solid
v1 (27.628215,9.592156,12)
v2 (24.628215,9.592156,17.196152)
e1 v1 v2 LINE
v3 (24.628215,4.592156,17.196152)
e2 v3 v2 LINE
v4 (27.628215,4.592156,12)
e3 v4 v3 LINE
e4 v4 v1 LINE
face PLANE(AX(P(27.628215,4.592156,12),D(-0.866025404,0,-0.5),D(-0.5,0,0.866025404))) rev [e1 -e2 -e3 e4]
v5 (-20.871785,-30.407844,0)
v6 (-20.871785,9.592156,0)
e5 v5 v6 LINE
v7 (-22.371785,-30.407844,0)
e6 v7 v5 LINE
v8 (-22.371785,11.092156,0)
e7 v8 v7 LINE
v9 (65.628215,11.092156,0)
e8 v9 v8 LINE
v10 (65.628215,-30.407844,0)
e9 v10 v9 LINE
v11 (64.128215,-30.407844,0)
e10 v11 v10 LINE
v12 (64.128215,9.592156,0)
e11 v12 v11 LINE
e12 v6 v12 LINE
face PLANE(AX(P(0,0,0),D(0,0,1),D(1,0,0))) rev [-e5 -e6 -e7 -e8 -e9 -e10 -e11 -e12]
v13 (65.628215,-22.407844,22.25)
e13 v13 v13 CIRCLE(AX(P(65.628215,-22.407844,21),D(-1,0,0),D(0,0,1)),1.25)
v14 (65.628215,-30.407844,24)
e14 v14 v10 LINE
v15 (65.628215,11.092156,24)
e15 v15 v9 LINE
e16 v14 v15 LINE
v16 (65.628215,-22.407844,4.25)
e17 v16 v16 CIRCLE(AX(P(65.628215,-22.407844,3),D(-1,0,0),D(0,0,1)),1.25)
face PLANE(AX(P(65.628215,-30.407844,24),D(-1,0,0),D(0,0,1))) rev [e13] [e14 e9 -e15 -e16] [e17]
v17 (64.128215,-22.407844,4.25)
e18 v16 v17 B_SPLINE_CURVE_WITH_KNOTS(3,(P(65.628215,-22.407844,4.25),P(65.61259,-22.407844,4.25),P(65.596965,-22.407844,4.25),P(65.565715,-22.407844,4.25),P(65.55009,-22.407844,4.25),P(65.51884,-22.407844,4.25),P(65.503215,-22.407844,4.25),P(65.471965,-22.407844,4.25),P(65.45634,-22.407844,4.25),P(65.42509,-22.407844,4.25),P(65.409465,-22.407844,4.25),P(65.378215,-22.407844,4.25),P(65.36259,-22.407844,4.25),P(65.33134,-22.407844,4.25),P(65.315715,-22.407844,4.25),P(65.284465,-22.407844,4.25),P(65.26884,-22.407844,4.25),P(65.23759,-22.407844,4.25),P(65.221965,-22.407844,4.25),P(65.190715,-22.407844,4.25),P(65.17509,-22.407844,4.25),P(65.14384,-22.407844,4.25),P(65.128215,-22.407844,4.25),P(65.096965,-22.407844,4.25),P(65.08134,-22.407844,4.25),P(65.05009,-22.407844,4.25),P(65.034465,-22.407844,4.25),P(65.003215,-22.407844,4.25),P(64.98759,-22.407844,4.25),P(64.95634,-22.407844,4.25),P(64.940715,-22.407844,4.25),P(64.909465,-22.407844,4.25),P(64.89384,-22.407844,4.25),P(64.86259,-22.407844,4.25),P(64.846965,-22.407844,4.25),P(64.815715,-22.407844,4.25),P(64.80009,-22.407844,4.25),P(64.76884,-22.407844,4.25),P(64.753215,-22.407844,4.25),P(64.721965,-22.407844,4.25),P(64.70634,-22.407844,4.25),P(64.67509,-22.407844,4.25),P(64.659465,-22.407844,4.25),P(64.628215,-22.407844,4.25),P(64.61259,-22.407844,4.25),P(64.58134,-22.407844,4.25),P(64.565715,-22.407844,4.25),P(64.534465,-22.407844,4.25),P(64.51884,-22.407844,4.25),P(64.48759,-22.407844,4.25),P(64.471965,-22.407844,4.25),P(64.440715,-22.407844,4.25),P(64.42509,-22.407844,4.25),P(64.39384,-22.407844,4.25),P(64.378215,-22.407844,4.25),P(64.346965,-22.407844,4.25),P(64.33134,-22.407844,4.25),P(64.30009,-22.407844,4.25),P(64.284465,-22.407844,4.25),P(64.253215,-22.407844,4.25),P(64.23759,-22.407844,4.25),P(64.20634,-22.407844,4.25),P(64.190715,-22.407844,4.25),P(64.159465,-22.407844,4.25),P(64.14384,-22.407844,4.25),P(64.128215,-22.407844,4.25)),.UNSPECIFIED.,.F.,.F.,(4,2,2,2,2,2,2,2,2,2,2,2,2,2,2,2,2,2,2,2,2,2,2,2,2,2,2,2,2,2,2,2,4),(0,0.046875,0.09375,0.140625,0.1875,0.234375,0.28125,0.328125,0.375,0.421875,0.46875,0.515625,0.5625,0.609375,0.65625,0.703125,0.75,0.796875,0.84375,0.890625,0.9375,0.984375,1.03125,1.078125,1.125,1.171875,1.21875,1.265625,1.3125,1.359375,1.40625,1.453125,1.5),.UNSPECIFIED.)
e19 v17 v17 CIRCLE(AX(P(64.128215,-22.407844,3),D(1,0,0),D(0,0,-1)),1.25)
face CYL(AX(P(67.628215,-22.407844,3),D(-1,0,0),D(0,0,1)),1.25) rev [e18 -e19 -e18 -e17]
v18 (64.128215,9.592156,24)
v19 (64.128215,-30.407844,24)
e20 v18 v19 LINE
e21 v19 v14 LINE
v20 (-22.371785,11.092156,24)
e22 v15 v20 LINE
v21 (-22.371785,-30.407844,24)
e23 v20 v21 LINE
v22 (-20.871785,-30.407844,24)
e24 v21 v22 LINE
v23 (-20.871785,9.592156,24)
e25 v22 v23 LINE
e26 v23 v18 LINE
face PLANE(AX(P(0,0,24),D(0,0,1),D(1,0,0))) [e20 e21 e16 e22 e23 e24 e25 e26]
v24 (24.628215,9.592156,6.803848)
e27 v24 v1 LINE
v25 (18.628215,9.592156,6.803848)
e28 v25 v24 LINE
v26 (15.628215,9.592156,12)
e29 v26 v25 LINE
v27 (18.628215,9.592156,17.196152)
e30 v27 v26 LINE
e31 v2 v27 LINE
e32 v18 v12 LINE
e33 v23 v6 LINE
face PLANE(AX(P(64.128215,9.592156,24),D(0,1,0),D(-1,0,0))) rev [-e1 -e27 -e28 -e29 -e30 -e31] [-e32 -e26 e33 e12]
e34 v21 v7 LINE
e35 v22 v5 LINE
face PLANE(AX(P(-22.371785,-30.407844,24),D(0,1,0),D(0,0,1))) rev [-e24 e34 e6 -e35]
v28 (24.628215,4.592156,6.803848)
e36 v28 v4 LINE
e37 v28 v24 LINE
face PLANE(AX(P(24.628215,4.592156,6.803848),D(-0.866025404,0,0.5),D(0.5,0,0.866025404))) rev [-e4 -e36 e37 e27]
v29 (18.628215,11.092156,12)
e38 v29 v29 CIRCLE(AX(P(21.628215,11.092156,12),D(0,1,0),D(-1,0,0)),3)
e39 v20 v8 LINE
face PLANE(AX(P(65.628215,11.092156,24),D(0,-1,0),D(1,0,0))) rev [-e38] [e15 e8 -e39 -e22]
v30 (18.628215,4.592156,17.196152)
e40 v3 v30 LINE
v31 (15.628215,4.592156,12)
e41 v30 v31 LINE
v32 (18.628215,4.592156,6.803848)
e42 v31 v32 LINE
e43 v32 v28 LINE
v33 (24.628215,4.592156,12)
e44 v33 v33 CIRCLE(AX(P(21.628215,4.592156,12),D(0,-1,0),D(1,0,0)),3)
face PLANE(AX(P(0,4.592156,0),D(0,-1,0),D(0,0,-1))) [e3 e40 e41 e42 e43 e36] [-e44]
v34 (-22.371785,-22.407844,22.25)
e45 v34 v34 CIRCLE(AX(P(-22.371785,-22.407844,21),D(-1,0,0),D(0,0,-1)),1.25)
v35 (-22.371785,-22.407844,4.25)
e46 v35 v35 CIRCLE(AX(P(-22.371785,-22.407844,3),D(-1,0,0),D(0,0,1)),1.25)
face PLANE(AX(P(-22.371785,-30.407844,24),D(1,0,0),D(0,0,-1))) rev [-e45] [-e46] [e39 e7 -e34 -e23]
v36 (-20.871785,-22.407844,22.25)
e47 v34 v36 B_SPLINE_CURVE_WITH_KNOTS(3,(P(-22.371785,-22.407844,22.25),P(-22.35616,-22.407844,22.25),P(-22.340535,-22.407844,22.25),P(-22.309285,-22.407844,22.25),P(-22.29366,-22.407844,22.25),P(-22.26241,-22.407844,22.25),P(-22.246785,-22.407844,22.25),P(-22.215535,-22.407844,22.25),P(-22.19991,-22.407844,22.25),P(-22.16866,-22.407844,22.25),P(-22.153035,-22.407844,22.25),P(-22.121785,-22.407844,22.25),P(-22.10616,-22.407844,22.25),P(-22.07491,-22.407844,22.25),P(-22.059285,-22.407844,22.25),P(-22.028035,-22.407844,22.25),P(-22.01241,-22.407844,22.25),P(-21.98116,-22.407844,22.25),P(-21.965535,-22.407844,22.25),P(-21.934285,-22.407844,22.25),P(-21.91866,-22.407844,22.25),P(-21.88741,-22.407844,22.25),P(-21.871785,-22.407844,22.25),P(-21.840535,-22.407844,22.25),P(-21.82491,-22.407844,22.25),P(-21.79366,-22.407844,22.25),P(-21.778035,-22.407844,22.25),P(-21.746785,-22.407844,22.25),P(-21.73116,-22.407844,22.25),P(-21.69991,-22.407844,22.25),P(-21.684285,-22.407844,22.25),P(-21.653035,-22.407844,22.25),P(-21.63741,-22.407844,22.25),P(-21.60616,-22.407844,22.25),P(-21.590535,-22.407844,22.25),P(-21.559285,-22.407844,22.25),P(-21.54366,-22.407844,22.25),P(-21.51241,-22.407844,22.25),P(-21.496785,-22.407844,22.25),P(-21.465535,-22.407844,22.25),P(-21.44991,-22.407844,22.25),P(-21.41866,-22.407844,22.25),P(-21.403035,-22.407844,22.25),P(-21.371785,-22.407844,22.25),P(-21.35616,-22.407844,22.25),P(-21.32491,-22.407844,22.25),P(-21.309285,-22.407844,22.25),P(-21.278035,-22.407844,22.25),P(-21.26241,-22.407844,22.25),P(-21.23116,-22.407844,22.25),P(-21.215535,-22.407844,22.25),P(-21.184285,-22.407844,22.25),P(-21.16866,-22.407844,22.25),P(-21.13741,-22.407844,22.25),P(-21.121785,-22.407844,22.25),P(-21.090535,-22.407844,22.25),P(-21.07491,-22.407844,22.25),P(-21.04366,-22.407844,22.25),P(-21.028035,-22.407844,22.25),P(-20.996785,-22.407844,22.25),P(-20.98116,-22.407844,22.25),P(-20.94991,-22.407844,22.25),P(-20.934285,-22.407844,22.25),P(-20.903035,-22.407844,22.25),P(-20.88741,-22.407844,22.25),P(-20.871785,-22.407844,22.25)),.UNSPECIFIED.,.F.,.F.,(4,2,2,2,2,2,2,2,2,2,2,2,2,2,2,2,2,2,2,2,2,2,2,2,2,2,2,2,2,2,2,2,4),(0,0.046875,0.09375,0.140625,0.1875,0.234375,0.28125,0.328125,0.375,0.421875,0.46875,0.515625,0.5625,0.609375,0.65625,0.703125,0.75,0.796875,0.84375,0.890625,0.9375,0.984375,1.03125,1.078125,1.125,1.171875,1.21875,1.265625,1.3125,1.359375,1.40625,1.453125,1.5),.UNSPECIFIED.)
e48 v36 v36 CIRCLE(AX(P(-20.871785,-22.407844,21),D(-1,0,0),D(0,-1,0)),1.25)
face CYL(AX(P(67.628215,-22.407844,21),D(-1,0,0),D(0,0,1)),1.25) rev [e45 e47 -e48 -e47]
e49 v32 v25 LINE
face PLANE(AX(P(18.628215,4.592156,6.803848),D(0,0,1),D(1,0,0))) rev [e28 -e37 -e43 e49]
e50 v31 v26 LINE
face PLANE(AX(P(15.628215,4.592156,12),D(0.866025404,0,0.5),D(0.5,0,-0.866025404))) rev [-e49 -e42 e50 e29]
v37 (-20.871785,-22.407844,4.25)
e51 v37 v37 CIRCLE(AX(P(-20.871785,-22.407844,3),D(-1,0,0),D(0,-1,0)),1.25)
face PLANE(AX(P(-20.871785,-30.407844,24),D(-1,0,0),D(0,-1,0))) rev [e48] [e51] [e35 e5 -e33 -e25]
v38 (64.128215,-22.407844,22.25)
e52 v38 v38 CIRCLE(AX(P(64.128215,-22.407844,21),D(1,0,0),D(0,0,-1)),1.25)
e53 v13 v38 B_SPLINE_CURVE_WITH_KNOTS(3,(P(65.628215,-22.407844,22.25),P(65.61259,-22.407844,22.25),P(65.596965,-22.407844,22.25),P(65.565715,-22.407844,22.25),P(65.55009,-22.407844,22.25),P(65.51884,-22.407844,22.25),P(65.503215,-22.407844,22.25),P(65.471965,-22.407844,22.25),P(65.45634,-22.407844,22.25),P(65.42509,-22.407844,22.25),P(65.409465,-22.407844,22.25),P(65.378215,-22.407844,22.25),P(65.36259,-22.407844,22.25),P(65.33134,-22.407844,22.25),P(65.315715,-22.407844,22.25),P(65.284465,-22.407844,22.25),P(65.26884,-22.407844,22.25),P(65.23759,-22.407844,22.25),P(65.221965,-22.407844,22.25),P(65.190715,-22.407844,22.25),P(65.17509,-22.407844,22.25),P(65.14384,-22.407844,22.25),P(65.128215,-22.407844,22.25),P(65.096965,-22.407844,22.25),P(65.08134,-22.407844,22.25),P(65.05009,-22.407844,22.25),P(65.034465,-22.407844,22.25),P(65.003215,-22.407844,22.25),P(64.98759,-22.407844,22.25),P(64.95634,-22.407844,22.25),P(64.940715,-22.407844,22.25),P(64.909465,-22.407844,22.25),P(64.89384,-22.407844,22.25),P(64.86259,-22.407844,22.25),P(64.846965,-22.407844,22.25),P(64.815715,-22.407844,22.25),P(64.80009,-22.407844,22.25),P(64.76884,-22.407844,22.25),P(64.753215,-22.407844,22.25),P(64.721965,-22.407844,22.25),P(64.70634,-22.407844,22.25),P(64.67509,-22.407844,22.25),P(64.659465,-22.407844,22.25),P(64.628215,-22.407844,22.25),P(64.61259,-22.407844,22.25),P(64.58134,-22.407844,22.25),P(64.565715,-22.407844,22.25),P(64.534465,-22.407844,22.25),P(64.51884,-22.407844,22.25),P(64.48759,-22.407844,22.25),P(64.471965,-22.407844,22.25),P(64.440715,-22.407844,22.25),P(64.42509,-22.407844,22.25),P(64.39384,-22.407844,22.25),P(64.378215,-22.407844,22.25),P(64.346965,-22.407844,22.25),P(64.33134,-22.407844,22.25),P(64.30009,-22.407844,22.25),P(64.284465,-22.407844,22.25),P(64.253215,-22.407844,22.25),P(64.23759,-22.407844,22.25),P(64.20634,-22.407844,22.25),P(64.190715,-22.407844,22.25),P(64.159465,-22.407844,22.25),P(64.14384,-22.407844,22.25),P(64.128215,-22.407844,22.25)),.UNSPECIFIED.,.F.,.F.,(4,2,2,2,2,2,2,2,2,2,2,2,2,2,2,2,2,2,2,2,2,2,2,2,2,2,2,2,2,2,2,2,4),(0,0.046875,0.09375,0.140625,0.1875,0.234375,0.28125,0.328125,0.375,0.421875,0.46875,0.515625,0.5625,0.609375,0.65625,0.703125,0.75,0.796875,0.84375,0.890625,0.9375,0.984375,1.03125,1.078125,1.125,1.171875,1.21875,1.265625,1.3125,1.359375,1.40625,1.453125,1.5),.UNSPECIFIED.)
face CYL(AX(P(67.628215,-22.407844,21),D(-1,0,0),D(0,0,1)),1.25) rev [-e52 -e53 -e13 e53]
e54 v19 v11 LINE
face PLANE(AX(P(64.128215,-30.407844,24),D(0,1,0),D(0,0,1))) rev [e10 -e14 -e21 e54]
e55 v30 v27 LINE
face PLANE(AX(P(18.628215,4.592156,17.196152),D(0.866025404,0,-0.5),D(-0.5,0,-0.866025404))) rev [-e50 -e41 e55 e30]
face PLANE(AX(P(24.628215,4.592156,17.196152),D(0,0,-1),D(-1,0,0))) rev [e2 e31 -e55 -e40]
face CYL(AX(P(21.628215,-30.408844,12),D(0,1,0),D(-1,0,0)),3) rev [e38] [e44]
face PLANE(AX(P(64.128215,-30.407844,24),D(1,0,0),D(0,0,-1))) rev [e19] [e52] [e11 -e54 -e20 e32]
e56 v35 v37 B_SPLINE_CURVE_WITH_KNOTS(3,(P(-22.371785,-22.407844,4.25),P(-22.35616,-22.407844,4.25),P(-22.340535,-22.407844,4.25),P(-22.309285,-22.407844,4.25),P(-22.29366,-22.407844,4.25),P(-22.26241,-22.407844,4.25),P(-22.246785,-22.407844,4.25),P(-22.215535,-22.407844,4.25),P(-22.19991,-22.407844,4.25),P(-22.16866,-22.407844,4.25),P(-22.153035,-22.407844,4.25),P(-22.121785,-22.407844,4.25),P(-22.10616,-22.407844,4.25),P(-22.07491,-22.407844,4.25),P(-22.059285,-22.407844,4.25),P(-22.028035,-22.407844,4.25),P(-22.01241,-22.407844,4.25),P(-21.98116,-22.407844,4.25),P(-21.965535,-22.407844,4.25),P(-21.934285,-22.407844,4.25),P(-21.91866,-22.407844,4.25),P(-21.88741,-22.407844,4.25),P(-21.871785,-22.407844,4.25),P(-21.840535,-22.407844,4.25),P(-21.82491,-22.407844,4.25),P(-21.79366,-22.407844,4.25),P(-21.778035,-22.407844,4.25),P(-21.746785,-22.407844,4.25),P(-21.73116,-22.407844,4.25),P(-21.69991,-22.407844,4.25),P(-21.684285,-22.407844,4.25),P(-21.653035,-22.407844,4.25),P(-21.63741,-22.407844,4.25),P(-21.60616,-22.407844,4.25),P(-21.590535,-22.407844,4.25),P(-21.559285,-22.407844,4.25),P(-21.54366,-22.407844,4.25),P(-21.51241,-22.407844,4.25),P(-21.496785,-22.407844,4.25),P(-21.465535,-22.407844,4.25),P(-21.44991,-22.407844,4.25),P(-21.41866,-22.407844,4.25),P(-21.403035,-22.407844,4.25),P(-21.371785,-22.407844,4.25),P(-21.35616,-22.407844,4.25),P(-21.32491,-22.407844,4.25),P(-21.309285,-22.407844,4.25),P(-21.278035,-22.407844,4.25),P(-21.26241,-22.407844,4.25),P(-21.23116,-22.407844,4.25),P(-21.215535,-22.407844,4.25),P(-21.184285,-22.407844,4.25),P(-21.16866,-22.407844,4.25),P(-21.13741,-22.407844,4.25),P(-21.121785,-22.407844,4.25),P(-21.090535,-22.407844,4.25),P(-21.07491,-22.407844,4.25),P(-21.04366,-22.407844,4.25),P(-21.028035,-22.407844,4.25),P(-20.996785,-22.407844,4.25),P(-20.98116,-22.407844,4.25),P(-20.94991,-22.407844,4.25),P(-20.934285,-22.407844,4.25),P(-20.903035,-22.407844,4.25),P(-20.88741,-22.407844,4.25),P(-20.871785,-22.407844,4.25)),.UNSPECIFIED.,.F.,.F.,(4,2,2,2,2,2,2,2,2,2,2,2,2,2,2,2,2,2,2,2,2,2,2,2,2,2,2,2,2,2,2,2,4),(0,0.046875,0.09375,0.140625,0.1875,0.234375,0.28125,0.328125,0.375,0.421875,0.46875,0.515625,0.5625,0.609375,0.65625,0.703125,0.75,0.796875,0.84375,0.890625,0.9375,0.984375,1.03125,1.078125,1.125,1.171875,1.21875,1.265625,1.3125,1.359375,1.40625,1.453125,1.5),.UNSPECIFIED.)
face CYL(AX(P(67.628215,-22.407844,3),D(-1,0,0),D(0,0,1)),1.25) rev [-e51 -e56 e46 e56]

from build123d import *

# Parameters (mm, degrees)
BOSS_EXTRUDE1_DEPTH = 24
SKETCH2_R           = 1.25
CUT_EXTRUDE1_DEPTH  = 90
CUT_EXTRUDE2_REACH  = 83.273
SKETCH3_R           = 3
SKETCH4_R           = 3
BOSS_EXTRUDE2_DEPTH = 5


with BuildPart() as part:
    # Sketch1 → Boss-Extrude1 (new body)
    with BuildSketch(Plane.XY):
        Polygon((-22.371784864, -30.407843619), (-20.871784864, -30.407843619), (-20.871784864, 9.592156381), (64.128215136, 9.592156381), (64.128215136, -30.407843619), (65.628215136, -30.407843619), (65.628215136, 11.092156381), (-22.371784864, 11.092156381), align=None)
    extrude(amount=BOSS_EXTRUDE1_DEPTH)

    # Sketch2 → Cut-Extrude1 (cut)
    with BuildSketch(Plane.ZY.offset(22.371784864)):
        with Locations((3, -22.407843619)):
            Circle(SKETCH2_R)
        with Locations((21, -22.407843619)):
            Circle(SKETCH2_R)
    extrude(amount=-CUT_EXTRUDE1_DEPTH, mode=Mode.SUBTRACT)

    # Sketch3 → Cut-Extrude2 (cut, up to next)
    with BuildSketch(Plane(origin=(0, 11.092156381, 0), x_dir=(1, 0, 0), z_dir=(0, 1, 0)), mode=Mode.PRIVATE) as cut_extrude2_sk1:
        with Locations(Location((21.628215136, -12, 0), (0, 0, 180))):
            Circle(SKETCH3_R)
    cut_extrude2_tool1 = extrude(cut_extrude2_sk1.sketch, amount=-CUT_EXTRUDE2_REACH, mode=Mode.PRIVATE) & part.part
    add(cut_extrude2_tool1.solids().sort_by_distance((21.628215, 11.092156, 12))[0], mode=Mode.SUBTRACT)

    # Sketch4 → Boss-Extrude2 (add)
    with BuildSketch(Plane.XZ.offset(-9.592156381)):
        Polygon((18.628215136, 6.803847577), (24.628215136, 6.803847577), (27.628215136, 12), (24.628215136, 17.196152423), (18.628215136, 17.196152423), (15.628215136, 12), align=None)
        with Locations(Location((21.628215136, 12, 0), (0, 0, 180))):
            Circle(SKETCH4_R, mode=Mode.SUBTRACT)
    extrude(amount=BOSS_EXTRUDE2_DEPTH)


solid = part.part
